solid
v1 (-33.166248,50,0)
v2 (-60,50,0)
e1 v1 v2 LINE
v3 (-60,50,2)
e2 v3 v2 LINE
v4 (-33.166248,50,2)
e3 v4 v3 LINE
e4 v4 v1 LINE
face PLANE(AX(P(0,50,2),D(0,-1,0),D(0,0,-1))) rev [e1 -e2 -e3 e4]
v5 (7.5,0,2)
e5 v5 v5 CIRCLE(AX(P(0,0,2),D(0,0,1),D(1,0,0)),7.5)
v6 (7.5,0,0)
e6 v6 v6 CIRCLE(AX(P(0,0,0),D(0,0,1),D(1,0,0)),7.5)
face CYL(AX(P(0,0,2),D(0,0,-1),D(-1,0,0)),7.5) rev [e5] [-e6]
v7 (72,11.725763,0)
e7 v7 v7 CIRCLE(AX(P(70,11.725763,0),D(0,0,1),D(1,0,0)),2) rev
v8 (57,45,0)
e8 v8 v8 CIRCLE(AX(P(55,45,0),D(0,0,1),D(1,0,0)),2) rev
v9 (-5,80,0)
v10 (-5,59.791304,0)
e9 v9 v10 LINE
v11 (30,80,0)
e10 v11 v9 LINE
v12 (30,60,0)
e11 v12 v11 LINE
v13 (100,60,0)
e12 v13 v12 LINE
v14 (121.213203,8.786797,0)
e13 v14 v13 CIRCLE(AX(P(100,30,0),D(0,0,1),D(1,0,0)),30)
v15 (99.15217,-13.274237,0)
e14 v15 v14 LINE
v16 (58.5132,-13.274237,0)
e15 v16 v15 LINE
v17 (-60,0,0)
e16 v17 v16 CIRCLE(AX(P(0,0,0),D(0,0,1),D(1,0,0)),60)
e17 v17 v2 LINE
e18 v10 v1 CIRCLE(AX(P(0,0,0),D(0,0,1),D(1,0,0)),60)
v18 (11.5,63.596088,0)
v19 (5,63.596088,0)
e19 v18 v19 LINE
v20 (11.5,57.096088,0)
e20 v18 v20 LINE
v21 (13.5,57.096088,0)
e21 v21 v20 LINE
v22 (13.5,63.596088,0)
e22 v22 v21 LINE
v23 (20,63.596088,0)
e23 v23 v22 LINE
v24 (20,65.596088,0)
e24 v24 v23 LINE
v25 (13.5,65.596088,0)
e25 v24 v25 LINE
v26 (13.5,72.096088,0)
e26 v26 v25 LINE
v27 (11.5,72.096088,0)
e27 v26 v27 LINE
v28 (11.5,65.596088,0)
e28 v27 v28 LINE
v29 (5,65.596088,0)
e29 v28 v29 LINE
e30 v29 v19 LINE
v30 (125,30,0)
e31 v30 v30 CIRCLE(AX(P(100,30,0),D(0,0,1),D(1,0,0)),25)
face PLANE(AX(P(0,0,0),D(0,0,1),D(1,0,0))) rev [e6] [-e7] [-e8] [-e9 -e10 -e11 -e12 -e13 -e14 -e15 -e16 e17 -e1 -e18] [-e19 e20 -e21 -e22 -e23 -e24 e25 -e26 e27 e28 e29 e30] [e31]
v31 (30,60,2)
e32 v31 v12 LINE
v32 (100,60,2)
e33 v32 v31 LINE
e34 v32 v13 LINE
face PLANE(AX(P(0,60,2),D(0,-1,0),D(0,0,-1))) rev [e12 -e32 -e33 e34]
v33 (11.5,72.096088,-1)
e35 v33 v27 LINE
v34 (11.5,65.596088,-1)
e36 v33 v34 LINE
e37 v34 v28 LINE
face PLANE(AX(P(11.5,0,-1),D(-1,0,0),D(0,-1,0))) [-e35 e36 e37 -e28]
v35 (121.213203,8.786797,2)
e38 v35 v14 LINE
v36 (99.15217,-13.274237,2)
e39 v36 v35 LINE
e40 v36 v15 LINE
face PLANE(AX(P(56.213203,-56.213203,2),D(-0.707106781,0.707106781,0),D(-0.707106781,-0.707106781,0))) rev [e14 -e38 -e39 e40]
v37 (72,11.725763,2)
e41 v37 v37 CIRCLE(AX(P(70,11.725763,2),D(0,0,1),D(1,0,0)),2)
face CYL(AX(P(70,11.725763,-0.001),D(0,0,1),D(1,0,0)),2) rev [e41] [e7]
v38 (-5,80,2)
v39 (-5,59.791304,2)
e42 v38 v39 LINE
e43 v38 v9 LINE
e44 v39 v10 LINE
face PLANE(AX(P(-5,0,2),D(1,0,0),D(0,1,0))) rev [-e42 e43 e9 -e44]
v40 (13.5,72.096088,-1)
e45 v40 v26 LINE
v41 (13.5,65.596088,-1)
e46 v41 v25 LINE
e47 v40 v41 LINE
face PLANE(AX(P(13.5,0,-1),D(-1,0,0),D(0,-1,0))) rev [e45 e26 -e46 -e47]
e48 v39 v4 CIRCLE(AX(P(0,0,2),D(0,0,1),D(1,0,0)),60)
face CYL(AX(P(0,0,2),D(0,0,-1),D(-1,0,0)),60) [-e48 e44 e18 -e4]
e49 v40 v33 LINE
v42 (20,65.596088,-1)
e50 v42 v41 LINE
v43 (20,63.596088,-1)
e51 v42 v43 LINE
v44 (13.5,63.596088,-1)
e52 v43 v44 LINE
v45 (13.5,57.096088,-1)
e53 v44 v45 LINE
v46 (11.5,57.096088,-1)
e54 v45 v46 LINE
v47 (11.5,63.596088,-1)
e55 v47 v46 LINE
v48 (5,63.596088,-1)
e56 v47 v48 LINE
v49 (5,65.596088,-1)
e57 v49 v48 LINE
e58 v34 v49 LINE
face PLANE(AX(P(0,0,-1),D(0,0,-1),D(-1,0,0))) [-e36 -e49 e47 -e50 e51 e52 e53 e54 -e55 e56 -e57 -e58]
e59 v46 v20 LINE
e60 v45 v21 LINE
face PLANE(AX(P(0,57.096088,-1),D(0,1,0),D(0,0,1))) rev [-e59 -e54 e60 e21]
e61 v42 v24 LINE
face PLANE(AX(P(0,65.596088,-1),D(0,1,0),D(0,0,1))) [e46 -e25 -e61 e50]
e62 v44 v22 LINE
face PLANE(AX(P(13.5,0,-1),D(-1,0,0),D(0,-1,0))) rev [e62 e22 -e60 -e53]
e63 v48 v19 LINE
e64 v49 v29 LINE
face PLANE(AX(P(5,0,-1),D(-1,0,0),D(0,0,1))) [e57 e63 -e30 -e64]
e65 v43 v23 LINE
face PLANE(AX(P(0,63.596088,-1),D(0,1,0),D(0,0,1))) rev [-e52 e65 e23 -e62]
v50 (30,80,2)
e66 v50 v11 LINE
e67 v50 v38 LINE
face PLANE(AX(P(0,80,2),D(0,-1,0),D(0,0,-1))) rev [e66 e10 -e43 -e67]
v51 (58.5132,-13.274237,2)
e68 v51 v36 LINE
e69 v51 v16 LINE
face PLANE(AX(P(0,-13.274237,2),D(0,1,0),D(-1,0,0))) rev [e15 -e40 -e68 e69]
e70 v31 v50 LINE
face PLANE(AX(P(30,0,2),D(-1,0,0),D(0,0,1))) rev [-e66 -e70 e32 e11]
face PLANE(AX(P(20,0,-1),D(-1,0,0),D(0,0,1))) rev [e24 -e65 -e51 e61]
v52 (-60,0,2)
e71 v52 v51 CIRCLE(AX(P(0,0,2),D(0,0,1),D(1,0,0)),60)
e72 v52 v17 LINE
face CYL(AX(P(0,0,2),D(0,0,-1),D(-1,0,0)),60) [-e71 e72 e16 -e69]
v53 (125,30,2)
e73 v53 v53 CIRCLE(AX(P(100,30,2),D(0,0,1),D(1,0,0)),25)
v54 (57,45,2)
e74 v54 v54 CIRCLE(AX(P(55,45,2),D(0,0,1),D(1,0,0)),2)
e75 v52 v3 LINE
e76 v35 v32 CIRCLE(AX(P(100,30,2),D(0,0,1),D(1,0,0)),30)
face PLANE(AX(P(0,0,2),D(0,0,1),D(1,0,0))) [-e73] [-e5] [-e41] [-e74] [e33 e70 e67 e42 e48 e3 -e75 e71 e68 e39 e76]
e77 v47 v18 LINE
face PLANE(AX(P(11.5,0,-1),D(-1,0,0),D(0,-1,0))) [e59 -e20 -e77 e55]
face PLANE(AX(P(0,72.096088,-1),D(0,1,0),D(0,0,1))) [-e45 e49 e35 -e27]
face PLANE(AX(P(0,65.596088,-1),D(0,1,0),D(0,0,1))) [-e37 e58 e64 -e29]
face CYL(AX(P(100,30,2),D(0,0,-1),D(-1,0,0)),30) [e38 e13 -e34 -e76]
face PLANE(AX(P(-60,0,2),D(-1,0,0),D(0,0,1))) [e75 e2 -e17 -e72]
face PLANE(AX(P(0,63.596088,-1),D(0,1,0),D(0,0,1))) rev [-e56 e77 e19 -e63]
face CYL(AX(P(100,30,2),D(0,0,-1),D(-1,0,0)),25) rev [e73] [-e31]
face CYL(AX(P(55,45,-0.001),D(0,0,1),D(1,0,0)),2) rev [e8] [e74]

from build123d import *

# Parameters (mm, degrees)
SKETCH1_R           = 7.5
SKETCH1_R_2         = 25
BOSS_EXTRUDE1_DEPTH = 2
CUT_EXTRUDE1_REACH  = 145.192
SKETCH2_R           = 2
BOSS_EXTRUDE2_DEPTH = 2
SKETCH4_W           = 2
SKETCH4_H           = 6.5
SKETCH4_W_2         = 6.5
SKETCH4_H_2         = 2
BOSS_EXTRUDE3_DEPTH = 1


with BuildPart() as part:
    # Sketch1 → Boss-Extrude1 (new body)
    # profile 1 of 2: a face of its own
    with BuildSketch(Plane.XY):
        with BuildLine():
            ThreePointArc((-60, 0), (-52.867640737, 28.372743309), (-33.166247904, 50))
            Line((-33.166247904, 50), (-60, 50))
            Line((-60, 50), (-60, 0))
        make_face()
    # profile 2 of 2: a face of its own
    with BuildSketch(Plane.XY):
        with BuildLine():
            ThreePointArc((0, 60), (-17.320508076, 57.445626465), (-33.166247904, 50))
            ThreePointArc((-33.166247904, 50), (-52.867640737, 28.372743309), (-60, 0))
            ThreePointArc((-60, 0), (-6.678621673, -59.627141576), (58.513200418, -13.274237334))
            Line((58.513200418, -13.274237334), (99.152169538, -13.274237334))
            Line((99.152169538, -13.274237334), (121.213203436, 8.786796564))
            ThreePointArc((121.213203436, 8.786796564), (127.716385975, 41.480502971), (100, 60))
            Line((100, 60), (0, 60))
        make_face()
        Circle(SKETCH1_R, mode=Mode.SUBTRACT)
        with Locations((100, 30)):
            Circle(SKETCH1_R_2, mode=Mode.SUBTRACT)
    extrude(amount=BOSS_EXTRUDE1_DEPTH)

    # Sketch2 → Cut-Extrude1 (cut, up to next)
    with BuildSketch(Plane.XY.offset(2), mode=Mode.PRIVATE) as cut_extrude1_sk1:
        with Locations((55, 45)):
            Circle(SKETCH2_R)
    cut_extrude1_tool1 = extrude(cut_extrude1_sk1.sketch, amount=-CUT_EXTRUDE1_REACH, mode=Mode.PRIVATE) & part.part
    # Sketch2 → Cut-Extrude1 (cut, up to next)
    with BuildSketch(Plane.XY.offset(2), mode=Mode.PRIVATE) as cut_extrude1_sk2:
        with Locations((70, 11.725762666)):
            Circle(SKETCH2_R)
    cut_extrude1_tool2 = extrude(cut_extrude1_sk2.sketch, amount=-CUT_EXTRUDE1_REACH, mode=Mode.PRIVATE) & part.part
    add(cut_extrude1_tool1.solids().sort_by_distance((55, 45, 2))[0], mode=Mode.SUBTRACT)
    add(cut_extrude1_tool2.solids().sort_by_distance((70, 11.725763, 2))[0], mode=Mode.SUBTRACT)

    # Sketch3 → Boss-Extrude2 (add)
    with BuildSketch(Plane(origin=(0, 0, 0), x_dir=(-1, 0, 0), z_dir=(0, 0, -1))):
        with BuildLine():
            Line((-30, 80), (-30, 60))
            Line((-30, 60), (0, 60))
            ThreePointArc((0, 60), (2.502176759, 59.947803225), (5, 59.791303715))
            Line((5, 59.791303715), (5, 80))
            Line((5, 80), (-30, 80))
        make_face()
    extrude(amount=-BOSS_EXTRUDE2_DEPTH)

    # Sketch4 → Boss-Extrude3 (add)
    with BuildSketch(Plane(origin=(0, 0, 0), x_dir=(-1, 0, 0), z_dir=(0, 0, -1))):
        with Locations((-12.5, 68.846087829)):
            Rectangle(SKETCH4_W, SKETCH4_H)
        with Locations((-16.75, 64.596087829)):
            Rectangle(SKETCH4_W_2, SKETCH4_H_2)
        with Locations((-12.5, 64.596087829)):
            Rectangle(SKETCH4_W, SKETCH4_H_2)
        with Locations((-8.25, 64.596087829)):
            Rectangle(SKETCH4_W_2, SKETCH4_H_2)
        with Locations((-12.5, 60.346087829)):
            Rectangle(SKETCH4_W, SKETCH4_H)
    extrude(amount=BOSS_EXTRUDE3_DEPTH)


solid = part.part
